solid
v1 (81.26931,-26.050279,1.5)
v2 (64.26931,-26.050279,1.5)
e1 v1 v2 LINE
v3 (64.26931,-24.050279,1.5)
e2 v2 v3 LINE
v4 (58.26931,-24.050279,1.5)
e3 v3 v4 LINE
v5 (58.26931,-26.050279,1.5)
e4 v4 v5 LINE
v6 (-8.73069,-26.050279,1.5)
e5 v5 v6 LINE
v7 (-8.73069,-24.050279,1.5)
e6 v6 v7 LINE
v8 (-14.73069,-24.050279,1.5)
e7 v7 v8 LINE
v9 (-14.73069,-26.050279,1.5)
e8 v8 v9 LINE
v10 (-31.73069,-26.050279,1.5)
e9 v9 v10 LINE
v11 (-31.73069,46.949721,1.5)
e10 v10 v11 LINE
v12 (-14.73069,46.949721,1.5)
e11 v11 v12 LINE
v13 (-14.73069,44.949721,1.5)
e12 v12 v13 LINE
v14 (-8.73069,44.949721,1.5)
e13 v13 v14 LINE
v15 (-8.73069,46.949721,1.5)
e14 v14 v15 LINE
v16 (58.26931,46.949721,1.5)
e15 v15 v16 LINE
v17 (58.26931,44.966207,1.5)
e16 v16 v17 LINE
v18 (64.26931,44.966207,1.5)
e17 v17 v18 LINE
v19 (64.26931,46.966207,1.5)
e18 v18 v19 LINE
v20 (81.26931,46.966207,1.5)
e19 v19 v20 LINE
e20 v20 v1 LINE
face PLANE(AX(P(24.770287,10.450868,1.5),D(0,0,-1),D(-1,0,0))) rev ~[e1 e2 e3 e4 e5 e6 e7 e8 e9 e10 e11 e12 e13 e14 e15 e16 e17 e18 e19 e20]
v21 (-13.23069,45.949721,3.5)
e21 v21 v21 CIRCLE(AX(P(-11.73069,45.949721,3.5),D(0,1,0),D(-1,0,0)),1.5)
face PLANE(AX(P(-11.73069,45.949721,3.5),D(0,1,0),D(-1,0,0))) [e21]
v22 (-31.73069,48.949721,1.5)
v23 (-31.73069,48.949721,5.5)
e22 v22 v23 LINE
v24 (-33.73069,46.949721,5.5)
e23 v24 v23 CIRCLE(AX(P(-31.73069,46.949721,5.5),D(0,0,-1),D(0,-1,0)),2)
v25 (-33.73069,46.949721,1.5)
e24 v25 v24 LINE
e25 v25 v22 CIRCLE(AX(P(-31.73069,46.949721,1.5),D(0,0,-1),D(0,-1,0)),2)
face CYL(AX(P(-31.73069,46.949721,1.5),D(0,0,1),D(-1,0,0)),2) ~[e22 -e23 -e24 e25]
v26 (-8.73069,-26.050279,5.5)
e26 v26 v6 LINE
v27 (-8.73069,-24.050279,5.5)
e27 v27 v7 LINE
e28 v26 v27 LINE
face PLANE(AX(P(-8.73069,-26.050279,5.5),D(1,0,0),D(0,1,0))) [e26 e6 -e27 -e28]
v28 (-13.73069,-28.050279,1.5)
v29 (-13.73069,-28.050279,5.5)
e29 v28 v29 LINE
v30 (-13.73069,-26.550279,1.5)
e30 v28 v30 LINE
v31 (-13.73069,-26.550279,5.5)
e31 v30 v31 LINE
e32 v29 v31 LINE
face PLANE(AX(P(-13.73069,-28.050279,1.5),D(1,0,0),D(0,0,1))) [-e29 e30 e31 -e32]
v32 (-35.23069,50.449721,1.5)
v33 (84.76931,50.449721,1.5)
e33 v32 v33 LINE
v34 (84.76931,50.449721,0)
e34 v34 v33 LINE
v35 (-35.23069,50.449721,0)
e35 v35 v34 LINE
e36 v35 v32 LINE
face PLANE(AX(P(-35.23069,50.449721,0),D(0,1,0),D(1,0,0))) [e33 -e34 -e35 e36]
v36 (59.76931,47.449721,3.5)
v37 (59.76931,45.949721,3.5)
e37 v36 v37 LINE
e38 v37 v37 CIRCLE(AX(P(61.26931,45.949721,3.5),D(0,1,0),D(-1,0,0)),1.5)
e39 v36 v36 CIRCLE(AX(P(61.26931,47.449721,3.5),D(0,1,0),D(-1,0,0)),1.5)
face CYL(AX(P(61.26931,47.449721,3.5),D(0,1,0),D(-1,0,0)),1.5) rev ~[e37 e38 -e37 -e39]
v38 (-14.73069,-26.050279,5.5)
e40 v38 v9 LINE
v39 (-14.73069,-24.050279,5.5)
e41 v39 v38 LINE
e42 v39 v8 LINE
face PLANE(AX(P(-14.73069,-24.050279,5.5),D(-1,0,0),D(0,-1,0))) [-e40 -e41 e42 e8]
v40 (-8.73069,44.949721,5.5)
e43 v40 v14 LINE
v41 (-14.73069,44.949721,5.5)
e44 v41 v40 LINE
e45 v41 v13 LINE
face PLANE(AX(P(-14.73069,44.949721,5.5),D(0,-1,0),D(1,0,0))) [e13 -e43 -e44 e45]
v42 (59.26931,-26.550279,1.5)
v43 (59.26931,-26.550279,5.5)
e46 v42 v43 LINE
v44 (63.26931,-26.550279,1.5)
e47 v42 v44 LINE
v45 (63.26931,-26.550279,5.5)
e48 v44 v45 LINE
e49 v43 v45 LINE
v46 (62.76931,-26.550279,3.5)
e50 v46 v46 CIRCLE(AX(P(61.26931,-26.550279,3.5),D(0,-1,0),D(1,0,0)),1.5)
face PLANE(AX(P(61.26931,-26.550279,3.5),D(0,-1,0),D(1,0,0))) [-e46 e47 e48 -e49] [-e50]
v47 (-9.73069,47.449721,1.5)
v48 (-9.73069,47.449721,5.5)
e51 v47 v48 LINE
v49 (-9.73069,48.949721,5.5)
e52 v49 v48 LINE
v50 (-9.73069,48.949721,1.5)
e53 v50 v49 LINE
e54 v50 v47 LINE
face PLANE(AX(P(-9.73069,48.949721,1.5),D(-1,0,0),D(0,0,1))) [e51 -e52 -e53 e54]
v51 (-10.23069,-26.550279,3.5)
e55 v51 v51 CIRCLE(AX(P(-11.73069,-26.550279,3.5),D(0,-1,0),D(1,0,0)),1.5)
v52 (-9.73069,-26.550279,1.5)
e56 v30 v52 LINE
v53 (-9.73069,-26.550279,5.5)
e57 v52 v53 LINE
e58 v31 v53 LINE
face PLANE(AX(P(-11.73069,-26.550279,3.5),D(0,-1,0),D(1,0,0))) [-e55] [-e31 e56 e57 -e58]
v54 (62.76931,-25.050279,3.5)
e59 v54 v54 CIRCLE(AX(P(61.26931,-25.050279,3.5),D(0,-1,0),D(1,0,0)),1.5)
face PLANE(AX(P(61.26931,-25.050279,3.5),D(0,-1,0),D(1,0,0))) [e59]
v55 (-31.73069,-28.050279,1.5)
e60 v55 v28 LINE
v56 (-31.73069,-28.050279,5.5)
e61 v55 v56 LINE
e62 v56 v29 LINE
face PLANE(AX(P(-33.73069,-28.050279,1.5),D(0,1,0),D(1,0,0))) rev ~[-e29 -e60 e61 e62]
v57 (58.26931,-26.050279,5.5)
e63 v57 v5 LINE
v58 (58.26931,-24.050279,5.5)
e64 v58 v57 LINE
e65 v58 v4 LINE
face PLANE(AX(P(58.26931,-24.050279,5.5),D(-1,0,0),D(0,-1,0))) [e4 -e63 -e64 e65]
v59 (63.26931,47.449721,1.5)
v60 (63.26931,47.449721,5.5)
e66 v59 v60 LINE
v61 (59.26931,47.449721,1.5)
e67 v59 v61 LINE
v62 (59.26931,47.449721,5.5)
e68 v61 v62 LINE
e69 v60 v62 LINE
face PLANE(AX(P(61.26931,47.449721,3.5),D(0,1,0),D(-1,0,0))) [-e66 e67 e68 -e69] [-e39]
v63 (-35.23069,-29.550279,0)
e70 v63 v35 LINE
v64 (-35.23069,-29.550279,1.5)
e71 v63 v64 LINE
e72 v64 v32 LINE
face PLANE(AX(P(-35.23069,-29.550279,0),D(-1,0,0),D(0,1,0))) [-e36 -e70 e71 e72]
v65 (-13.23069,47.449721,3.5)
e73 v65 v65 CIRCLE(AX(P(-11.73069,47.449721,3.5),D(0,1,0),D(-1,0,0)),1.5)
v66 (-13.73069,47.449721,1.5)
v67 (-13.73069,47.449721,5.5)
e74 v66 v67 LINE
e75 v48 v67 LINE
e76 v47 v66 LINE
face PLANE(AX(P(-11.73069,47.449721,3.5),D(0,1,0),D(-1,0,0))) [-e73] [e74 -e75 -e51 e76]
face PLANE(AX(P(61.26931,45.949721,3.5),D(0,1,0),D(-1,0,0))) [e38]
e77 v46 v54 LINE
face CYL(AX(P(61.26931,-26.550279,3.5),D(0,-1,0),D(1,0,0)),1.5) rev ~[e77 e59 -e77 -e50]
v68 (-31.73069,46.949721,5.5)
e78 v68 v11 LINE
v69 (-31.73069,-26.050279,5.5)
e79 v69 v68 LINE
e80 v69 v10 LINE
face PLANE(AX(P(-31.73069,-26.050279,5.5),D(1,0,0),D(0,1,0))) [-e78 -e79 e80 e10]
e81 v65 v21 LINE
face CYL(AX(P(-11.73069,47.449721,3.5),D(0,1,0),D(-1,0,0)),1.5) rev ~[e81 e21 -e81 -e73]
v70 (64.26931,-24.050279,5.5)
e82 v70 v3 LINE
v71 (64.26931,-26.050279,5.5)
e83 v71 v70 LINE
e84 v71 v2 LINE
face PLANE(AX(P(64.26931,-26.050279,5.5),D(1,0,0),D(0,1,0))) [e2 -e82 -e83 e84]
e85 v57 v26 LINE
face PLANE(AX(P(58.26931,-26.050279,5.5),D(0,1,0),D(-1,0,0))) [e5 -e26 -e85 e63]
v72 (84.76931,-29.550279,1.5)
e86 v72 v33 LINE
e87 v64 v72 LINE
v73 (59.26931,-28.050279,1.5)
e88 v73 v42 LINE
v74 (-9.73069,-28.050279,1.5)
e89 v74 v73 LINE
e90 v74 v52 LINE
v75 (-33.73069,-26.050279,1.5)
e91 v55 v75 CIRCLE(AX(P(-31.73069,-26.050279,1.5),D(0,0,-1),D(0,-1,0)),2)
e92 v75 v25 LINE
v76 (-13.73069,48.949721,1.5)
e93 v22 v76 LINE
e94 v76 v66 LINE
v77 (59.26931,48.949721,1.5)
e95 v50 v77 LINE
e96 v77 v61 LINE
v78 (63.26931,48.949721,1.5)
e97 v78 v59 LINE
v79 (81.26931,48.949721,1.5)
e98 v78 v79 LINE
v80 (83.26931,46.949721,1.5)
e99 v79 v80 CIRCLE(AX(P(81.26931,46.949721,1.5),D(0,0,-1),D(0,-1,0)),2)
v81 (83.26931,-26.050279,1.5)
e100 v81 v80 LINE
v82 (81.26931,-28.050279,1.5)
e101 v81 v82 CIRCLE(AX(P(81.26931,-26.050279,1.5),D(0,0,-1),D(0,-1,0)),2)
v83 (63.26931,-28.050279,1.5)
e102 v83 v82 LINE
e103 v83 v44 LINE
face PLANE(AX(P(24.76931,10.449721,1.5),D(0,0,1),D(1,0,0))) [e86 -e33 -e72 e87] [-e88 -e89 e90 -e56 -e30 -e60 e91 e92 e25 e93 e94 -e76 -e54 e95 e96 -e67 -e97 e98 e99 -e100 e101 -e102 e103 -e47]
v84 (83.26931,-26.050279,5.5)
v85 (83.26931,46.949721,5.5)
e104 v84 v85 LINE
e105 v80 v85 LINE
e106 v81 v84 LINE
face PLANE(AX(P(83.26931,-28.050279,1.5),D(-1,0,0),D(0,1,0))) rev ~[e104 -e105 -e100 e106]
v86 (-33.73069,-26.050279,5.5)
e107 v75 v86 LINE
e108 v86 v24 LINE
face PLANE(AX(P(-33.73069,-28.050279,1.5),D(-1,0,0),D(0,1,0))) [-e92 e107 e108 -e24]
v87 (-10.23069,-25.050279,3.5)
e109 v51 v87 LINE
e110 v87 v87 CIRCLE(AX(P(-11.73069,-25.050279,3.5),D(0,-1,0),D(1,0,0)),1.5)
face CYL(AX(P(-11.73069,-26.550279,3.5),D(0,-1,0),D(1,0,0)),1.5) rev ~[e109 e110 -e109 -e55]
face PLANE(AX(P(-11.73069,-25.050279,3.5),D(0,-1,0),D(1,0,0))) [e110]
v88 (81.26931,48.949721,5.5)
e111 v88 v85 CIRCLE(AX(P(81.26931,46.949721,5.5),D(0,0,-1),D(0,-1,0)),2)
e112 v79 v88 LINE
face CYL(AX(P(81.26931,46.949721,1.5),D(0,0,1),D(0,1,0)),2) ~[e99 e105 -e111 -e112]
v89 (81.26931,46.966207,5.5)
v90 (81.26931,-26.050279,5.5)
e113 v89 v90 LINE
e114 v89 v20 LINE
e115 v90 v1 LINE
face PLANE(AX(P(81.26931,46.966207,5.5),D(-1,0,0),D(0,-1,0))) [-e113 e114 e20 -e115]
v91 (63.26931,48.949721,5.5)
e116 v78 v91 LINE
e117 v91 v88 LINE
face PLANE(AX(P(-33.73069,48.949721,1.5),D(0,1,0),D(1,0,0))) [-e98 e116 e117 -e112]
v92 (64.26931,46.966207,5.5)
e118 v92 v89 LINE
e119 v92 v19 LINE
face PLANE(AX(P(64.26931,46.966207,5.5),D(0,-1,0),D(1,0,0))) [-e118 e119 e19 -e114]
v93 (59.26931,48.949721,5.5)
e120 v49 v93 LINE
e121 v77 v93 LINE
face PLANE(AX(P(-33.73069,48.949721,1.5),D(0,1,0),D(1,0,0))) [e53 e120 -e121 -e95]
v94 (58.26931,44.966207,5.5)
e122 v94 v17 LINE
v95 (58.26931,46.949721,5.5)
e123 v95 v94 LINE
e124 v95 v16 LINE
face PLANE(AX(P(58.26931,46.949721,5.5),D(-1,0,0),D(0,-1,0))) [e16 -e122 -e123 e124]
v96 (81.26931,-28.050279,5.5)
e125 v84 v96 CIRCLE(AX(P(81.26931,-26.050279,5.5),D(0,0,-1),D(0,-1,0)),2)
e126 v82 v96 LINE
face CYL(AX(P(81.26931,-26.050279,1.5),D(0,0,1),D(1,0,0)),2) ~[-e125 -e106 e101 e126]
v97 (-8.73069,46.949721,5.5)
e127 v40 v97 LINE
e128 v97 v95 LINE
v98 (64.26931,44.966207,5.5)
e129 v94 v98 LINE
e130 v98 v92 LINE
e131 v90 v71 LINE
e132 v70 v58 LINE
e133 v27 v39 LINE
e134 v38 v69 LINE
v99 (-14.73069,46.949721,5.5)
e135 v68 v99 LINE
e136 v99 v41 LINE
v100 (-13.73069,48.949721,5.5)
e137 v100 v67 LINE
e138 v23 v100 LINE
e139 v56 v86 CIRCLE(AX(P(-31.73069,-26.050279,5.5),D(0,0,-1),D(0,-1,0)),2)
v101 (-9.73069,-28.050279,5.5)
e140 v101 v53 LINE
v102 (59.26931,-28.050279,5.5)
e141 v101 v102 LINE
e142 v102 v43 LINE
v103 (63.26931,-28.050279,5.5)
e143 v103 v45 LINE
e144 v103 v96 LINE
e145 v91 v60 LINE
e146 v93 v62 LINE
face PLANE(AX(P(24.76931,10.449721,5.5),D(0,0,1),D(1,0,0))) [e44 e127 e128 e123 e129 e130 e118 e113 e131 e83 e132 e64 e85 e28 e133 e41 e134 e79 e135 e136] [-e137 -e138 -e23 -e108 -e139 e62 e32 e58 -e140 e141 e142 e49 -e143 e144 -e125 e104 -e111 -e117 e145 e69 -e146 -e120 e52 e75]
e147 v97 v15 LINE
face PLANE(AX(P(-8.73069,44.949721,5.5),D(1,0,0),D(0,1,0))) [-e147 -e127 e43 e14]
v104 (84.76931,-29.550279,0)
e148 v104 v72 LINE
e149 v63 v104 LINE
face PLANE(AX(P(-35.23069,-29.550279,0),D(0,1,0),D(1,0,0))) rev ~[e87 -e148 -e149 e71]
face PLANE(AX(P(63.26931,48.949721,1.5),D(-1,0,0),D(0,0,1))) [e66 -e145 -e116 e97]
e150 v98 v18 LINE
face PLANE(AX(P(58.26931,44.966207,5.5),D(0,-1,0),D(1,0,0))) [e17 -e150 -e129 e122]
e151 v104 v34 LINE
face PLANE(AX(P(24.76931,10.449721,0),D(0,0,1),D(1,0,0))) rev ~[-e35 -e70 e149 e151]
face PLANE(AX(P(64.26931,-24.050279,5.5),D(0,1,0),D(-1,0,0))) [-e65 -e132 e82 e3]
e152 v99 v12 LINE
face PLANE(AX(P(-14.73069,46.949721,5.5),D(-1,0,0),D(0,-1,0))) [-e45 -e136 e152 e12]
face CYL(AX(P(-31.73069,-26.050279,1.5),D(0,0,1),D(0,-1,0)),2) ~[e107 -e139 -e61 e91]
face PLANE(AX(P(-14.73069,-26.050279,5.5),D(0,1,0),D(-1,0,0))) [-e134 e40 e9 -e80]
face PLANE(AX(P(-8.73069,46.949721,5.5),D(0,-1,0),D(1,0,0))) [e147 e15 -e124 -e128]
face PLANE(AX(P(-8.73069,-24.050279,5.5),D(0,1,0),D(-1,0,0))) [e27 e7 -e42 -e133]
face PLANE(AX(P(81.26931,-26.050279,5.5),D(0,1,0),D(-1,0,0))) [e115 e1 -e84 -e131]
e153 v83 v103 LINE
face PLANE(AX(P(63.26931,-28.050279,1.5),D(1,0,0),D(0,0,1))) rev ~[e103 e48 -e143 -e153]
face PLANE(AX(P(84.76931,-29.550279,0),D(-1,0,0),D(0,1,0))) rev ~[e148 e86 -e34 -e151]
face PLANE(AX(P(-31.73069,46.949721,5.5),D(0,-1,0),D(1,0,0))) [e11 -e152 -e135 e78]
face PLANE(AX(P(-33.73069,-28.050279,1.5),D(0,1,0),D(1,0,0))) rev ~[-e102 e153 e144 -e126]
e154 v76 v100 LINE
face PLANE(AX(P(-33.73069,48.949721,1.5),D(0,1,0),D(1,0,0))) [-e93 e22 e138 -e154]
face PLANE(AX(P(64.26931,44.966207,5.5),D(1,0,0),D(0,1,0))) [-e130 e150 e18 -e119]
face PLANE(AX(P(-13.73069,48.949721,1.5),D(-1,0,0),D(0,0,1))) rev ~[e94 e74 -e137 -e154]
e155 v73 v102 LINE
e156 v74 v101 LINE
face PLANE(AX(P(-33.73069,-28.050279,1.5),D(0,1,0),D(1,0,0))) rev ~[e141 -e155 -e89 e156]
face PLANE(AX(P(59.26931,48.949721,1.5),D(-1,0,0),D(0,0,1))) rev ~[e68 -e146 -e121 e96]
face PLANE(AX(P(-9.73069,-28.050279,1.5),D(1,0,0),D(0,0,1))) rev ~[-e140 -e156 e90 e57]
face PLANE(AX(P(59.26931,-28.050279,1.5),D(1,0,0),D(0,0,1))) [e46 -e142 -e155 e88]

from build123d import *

# Parameters (mm, degrees)
SKETCH_W        = 120
SKETCH_H        = 80
PAD_DEPTH       = 1.5
SKETCH001_W     = 117
SKETCH001_H     = 77
PAD001_DEPTH    = 4
POCKET_DEPTH    = 4
SKETCH003_W     = 4
SKETCH003_H     = 4
POCKET001_DEPTH = 1.5
SKETCH004_W     = 4
SKETCH004_H     = 4
POCKET002_DEPTH = 1.5
FILLET_R        = 2
FILLET001_R     = 2
FILLET002_R     = 2
FILLET003_R     = 2
SKETCH005_R     = 1.5
POCKET003_DEPTH = 1.5
SKETCH006_R     = 1.5
POCKET004_DEPTH = 1.5
SKETCH007_R     = 1.5
POCKET005_DEPTH = 1.5
SKETCH008_R     = 1.5
POCKET006_DEPTH = 1.5


with BuildPart() as part:
    # Sketch → Pad (new body)
    with BuildSketch(Plane.XY):
        with Locations((24.76931, 10.449721)):
            Rectangle(SKETCH_W, SKETCH_H)
    extrude(amount=PAD_DEPTH)

    # Sketch001 (on Face6 of Pad) → Pad001 (join)
    with BuildSketch(Plane.XY.offset(1.5)):
        with Locations((24.76931, 10.449721)):
            Rectangle(SKETCH001_W, SKETCH001_H)
    extrude(amount=PAD001_DEPTH)

    # Sketch002 (on Face11 of Pad001) → Pocket (cut)
    with BuildSketch(Plane.XY.offset(5.5)):
        Polygon((81.26931, 46.966207), (81.26931, -26.050279), (64.26931, -26.050279), (64.26931, -24.050279), (58.26931, -24.050279), (58.26931, -26.050279), (-8.73069, -26.050279), (-8.73069, -24.050279), (-14.73069, -24.050279), (-14.73069, -26.050279), (-31.73069, -26.050279), (-31.73069, 46.949721), (-14.73069, 46.949721), (-14.73069, 44.949721), (-8.73069, 44.949721), (-8.73069, 46.949721), (58.26931, 46.949721), (58.26931, 44.966207), (64.26931, 44.966207), (64.26931, 46.966207), align=None)
    extrude(amount=-POCKET_DEPTH, mode=Mode.SUBTRACT)

    # Sketch003 (on Face9 of Pocket) → Pocket001 (cut)
    with BuildSketch(Plane.XZ.offset(28.050279)):
        with Locations((-11.73069, 3.5)):
            Rectangle(SKETCH003_W, SKETCH003_H)
        with Locations((61.26931, 3.5)):
            Rectangle(SKETCH003_W, SKETCH003_H)
    extrude(amount=-POCKET001_DEPTH, mode=Mode.SUBTRACT)

    # Sketch004 (on Face7 of Pocket001) → Pocket002 (cut)
    with BuildSketch(Plane(origin=(0, 48.949721, 0), x_dir=(-1, 0, 0), z_dir=(0, 1, 0))):
        with Locations((-61.26931, 3.5)):
            Rectangle(SKETCH004_W, SKETCH004_H)
        with Locations((11.73069, 3.5)):
            Rectangle(SKETCH004_W, SKETCH004_H)
    extrude(amount=-POCKET002_DEPTH, mode=Mode.SUBTRACT)

    # Fillet
    fillet_edges = [part.edges().sort_by_distance(p)[0] for p in [
        (-33.73069, 48.949721, 3.5),
    ]]
    fillet(fillet_edges, radius=FILLET_R)

    # Fillet001
    fillet001_edges = [part.edges().sort_by_distance(p)[0] for p in [
        (83.26931, 48.949721, 3.5),
    ]]
    fillet(fillet001_edges, radius=FILLET001_R)

    # Fillet002
    fillet002_edges = [part.edges().sort_by_distance(p)[0] for p in [
        (83.26931, -28.050279, 3.5),
    ]]
    fillet(fillet002_edges, radius=FILLET002_R)

    # Fillet003
    fillet003_edges = [part.edges().sort_by_distance(p)[0] for p in [
        (-33.73069, -28.050279, 3.5),
    ]]
    fillet(fillet003_edges, radius=FILLET003_R)

    # Sketch005 (on Face25 of Fillet003) → Pocket003 (cut)
    with BuildSketch(Plane.XZ.offset(26.550279)):
        with Locations((-11.73069, 3.5)):
            Circle(SKETCH005_R)
    extrude(amount=-POCKET003_DEPTH, mode=Mode.SUBTRACT)

    # Sketch006 (on Face28 of Pocket003) → Pocket004 (cut)
    with BuildSketch(Plane.XZ.offset(26.550279)):
        with Locations((61.26931, 3.5)):
            Circle(SKETCH006_R)
    extrude(amount=-POCKET004_DEPTH, mode=Mode.SUBTRACT)

    # Sketch007 (on Face34 of Pocket004) → Pocket005 (cut)
    with BuildSketch(Plane(origin=(0, 47.449721, 0), x_dir=(-1, 0, 0), z_dir=(0, 1, 0))):
        with Locations((-61.26931, 3.5)):
            Circle(SKETCH007_R)
    extrude(amount=-POCKET005_DEPTH, mode=Mode.SUBTRACT)

    # Sketch008 (on Face31 of Pocket005) → Pocket006 (cut)
    with BuildSketch(Plane(origin=(0, 47.449721, 0), x_dir=(-1, 0, 0), z_dir=(0, 1, 0))):
        with Locations((11.73069, 3.5)):
            Circle(SKETCH008_R)
    extrude(amount=-POCKET006_DEPTH, mode=Mode.SUBTRACT)


solid = part.part
